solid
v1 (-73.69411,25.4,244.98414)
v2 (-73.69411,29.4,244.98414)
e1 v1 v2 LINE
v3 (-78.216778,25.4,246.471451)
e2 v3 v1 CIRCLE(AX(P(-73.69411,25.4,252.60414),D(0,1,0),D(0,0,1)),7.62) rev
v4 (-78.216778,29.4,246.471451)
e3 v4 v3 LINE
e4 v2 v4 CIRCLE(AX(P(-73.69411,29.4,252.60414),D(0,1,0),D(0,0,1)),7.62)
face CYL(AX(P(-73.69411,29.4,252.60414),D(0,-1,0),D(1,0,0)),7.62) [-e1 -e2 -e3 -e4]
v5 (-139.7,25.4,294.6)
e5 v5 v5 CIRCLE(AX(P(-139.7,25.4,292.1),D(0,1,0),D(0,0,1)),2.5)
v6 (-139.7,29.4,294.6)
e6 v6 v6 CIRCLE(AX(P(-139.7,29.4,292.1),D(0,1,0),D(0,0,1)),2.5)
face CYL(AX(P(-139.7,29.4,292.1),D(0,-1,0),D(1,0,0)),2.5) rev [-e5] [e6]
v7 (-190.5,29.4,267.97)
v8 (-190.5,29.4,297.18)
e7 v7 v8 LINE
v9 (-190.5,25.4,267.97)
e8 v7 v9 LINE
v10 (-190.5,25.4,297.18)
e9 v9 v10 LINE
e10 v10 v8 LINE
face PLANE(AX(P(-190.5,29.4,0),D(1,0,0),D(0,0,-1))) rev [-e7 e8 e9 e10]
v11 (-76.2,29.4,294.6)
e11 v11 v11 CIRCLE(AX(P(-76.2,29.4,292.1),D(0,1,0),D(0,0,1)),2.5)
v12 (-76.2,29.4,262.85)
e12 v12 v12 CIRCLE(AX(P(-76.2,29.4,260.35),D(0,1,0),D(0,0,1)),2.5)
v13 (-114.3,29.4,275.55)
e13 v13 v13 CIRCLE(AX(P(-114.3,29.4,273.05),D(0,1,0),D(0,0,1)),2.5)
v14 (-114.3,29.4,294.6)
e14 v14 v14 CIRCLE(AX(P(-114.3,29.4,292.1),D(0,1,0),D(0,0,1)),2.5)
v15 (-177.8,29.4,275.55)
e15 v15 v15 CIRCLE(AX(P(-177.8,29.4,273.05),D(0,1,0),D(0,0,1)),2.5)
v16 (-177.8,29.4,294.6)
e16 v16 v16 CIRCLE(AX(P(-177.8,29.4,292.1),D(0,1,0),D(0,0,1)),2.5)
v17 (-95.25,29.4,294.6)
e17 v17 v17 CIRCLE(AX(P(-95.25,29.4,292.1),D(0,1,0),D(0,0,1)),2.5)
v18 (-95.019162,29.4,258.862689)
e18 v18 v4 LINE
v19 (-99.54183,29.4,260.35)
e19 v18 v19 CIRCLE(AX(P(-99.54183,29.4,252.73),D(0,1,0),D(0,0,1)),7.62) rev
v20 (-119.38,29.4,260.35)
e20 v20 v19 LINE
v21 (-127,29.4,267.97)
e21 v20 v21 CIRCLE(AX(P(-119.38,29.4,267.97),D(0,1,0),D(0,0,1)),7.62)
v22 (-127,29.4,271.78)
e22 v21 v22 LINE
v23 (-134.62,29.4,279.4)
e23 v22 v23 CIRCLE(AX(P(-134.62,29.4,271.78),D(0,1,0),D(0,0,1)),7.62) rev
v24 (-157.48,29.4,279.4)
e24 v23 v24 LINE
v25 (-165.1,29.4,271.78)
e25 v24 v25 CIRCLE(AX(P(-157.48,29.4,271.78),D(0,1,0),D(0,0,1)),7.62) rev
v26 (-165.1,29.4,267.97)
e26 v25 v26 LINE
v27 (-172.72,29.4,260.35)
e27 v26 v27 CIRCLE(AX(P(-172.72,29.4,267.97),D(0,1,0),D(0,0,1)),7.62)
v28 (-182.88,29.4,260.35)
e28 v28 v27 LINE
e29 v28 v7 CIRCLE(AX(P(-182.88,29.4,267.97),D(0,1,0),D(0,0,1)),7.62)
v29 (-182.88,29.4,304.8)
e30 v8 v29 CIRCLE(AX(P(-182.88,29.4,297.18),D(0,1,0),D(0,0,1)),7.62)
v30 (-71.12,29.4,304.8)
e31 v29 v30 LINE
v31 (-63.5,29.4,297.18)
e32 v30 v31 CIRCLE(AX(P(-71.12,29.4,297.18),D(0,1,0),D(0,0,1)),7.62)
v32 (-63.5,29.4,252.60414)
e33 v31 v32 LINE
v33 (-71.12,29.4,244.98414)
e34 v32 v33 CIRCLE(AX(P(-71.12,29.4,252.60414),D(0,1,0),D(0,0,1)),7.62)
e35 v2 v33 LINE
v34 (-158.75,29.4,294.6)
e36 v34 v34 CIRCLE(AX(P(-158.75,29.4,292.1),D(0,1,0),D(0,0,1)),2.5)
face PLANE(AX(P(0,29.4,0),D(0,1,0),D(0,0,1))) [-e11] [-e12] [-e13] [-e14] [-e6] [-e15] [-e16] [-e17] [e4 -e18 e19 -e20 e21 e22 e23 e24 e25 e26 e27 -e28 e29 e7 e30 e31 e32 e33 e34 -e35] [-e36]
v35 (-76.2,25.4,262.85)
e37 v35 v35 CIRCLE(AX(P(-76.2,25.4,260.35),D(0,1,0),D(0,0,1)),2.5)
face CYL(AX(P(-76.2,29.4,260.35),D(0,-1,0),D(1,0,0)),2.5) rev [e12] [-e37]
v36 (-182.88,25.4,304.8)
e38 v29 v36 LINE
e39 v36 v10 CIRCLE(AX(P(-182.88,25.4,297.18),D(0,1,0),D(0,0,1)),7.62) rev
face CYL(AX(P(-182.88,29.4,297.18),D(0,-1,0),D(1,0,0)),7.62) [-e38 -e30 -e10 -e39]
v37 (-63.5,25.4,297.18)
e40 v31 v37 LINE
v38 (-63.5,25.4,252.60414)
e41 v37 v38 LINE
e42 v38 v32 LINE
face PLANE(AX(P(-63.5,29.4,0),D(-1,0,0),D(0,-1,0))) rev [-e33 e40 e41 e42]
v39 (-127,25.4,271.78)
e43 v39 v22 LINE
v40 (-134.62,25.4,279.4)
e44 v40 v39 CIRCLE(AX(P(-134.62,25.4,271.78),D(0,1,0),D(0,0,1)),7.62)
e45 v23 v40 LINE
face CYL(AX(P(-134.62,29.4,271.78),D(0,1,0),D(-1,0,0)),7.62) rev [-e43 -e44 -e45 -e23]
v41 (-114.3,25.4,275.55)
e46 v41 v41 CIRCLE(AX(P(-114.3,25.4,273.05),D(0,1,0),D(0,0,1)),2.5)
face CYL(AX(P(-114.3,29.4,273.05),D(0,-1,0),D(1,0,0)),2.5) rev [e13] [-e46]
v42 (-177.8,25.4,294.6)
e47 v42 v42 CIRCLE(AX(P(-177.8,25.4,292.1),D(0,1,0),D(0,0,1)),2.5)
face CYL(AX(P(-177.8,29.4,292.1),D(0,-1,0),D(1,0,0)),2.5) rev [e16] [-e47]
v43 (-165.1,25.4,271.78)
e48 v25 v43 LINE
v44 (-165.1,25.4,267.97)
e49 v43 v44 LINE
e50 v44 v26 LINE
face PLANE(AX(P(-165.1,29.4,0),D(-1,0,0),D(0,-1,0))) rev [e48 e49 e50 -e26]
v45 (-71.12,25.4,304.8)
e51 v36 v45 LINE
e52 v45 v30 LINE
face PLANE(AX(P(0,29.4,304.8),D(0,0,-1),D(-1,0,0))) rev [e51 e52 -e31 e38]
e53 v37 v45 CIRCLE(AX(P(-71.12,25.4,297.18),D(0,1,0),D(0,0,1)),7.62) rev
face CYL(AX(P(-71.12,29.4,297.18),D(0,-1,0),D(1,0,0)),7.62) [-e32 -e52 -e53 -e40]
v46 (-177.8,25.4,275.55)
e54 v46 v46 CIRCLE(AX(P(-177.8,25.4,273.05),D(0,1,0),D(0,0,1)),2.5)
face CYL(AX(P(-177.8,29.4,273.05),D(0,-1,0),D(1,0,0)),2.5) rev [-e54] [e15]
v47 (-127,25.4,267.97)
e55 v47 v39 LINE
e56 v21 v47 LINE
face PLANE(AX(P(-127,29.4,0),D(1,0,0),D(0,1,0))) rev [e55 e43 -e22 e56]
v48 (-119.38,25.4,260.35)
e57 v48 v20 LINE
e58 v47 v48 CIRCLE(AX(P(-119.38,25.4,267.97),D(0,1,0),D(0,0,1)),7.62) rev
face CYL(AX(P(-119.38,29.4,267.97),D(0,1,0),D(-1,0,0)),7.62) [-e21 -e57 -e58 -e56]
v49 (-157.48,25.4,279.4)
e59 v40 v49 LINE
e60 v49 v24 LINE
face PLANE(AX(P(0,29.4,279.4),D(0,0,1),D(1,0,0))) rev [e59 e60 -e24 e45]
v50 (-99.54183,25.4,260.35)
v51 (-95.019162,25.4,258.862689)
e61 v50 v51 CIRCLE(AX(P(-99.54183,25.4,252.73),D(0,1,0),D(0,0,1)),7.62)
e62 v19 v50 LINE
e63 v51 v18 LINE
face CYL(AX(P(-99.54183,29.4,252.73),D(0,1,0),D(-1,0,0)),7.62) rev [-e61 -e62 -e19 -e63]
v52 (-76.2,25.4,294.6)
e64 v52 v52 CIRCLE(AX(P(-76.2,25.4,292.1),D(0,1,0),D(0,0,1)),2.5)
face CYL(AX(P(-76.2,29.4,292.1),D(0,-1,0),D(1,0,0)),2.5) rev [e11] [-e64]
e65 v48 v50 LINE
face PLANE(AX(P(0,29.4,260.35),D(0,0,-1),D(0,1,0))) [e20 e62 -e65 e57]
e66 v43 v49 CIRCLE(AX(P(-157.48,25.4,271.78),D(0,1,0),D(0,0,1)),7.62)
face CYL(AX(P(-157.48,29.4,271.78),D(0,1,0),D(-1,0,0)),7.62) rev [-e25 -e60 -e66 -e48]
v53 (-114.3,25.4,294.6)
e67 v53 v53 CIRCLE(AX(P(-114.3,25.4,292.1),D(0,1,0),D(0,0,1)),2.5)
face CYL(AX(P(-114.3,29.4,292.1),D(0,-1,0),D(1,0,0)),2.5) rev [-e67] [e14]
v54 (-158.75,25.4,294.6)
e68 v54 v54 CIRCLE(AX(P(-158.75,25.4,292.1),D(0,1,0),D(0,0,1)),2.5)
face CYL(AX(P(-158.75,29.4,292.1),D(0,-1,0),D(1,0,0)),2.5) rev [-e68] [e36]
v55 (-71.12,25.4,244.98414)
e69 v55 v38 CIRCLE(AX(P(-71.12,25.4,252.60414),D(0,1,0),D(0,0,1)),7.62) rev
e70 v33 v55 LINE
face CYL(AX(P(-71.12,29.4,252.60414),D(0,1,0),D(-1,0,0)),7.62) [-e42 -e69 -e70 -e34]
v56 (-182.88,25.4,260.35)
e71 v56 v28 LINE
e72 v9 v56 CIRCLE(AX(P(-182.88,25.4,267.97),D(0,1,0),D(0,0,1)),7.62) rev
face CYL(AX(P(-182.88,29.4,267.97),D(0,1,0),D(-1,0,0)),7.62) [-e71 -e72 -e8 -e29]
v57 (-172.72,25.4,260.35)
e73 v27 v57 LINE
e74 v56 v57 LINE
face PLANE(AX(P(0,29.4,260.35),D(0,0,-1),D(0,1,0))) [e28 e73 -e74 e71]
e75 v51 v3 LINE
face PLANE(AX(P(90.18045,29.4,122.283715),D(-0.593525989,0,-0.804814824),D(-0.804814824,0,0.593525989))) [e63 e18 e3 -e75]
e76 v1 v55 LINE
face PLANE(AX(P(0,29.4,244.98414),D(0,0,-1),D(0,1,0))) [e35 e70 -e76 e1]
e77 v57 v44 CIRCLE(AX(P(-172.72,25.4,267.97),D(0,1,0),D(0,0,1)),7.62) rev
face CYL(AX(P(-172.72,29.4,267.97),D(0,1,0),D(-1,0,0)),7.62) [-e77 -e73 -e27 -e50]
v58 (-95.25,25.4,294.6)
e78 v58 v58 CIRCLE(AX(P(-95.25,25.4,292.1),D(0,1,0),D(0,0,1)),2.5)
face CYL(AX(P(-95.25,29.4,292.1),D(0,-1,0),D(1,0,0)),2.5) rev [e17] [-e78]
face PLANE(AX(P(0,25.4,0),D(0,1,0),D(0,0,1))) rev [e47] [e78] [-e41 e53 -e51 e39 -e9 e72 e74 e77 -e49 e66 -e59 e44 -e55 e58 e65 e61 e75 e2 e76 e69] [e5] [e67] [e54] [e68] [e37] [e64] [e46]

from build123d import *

# Parameters (mm, degrees)
SKETCH1_R           = 2.5
BOSS_EXTRUDE1_DEPTH = 4
FILLET1_R           = 7.62


with BuildPart() as part:
    # Sketch1 → Boss-Extrude1 (new body)
    with BuildSketch(Plane(origin=(0, 25.4, 0), x_dir=(1, 0, 0), z_dir=(0, 1, 0))):
        Polygon((-127, -260.35), (-97.035940071, -260.35), (-76.2, -244.98413998), (-63.5, -244.98413998), (-63.5, -304.8), (-190.5, -304.8), (-190.5, -279.4), (-190.5, -260.35), (-165.1, -260.35), (-165.1, -279.4), (-127, -279.4), align=None)
        with Locations((-114.3, -292.1)):
            Circle(SKETCH1_R, mode=Mode.SUBTRACT)
        with Locations((-177.8, -292.1)):
            Circle(SKETCH1_R, mode=Mode.SUBTRACT)
        with Locations((-158.75, -292.1)):
            Circle(SKETCH1_R, mode=Mode.SUBTRACT)
        with Locations((-95.25, -292.1)):
            Circle(SKETCH1_R, mode=Mode.SUBTRACT)
        with Locations((-139.7, -292.1)):
            Circle(SKETCH1_R, mode=Mode.SUBTRACT)
        with Locations((-76.2, -292.1)):
            Circle(SKETCH1_R, mode=Mode.SUBTRACT)
        with Locations((-114.3, -273.05)):
            Circle(SKETCH1_R, mode=Mode.SUBTRACT)
        with Locations((-177.8, -273.05)):
            Circle(SKETCH1_R, mode=Mode.SUBTRACT)
        with Locations((-76.2, -260.35)):
            Circle(SKETCH1_R, mode=Mode.SUBTRACT)
    extrude(amount=BOSS_EXTRUDE1_DEPTH)

    # Fillet1
    fillet1_edges = [part.edges().sort_by_distance(p)[0] for p in [
        (-190.5, 27.4, 304.8),
        (-190.5, 27.4, 260.35),
        (-165.1, 27.4, 260.35),
        (-165.1, 27.4, 279.4),
        (-127, 27.4, 279.4),
        (-127, 27.4, 260.35),
        (-97.035940071, 27.4, 260.35),
        (-76.2, 27.4, 244.98413998),
        (-63.5, 27.4, 244.98413998),
        (-63.5, 27.4, 304.8),
    ]]
    fillet(fillet1_edges, radius=FILLET1_R)


solid = part.part
